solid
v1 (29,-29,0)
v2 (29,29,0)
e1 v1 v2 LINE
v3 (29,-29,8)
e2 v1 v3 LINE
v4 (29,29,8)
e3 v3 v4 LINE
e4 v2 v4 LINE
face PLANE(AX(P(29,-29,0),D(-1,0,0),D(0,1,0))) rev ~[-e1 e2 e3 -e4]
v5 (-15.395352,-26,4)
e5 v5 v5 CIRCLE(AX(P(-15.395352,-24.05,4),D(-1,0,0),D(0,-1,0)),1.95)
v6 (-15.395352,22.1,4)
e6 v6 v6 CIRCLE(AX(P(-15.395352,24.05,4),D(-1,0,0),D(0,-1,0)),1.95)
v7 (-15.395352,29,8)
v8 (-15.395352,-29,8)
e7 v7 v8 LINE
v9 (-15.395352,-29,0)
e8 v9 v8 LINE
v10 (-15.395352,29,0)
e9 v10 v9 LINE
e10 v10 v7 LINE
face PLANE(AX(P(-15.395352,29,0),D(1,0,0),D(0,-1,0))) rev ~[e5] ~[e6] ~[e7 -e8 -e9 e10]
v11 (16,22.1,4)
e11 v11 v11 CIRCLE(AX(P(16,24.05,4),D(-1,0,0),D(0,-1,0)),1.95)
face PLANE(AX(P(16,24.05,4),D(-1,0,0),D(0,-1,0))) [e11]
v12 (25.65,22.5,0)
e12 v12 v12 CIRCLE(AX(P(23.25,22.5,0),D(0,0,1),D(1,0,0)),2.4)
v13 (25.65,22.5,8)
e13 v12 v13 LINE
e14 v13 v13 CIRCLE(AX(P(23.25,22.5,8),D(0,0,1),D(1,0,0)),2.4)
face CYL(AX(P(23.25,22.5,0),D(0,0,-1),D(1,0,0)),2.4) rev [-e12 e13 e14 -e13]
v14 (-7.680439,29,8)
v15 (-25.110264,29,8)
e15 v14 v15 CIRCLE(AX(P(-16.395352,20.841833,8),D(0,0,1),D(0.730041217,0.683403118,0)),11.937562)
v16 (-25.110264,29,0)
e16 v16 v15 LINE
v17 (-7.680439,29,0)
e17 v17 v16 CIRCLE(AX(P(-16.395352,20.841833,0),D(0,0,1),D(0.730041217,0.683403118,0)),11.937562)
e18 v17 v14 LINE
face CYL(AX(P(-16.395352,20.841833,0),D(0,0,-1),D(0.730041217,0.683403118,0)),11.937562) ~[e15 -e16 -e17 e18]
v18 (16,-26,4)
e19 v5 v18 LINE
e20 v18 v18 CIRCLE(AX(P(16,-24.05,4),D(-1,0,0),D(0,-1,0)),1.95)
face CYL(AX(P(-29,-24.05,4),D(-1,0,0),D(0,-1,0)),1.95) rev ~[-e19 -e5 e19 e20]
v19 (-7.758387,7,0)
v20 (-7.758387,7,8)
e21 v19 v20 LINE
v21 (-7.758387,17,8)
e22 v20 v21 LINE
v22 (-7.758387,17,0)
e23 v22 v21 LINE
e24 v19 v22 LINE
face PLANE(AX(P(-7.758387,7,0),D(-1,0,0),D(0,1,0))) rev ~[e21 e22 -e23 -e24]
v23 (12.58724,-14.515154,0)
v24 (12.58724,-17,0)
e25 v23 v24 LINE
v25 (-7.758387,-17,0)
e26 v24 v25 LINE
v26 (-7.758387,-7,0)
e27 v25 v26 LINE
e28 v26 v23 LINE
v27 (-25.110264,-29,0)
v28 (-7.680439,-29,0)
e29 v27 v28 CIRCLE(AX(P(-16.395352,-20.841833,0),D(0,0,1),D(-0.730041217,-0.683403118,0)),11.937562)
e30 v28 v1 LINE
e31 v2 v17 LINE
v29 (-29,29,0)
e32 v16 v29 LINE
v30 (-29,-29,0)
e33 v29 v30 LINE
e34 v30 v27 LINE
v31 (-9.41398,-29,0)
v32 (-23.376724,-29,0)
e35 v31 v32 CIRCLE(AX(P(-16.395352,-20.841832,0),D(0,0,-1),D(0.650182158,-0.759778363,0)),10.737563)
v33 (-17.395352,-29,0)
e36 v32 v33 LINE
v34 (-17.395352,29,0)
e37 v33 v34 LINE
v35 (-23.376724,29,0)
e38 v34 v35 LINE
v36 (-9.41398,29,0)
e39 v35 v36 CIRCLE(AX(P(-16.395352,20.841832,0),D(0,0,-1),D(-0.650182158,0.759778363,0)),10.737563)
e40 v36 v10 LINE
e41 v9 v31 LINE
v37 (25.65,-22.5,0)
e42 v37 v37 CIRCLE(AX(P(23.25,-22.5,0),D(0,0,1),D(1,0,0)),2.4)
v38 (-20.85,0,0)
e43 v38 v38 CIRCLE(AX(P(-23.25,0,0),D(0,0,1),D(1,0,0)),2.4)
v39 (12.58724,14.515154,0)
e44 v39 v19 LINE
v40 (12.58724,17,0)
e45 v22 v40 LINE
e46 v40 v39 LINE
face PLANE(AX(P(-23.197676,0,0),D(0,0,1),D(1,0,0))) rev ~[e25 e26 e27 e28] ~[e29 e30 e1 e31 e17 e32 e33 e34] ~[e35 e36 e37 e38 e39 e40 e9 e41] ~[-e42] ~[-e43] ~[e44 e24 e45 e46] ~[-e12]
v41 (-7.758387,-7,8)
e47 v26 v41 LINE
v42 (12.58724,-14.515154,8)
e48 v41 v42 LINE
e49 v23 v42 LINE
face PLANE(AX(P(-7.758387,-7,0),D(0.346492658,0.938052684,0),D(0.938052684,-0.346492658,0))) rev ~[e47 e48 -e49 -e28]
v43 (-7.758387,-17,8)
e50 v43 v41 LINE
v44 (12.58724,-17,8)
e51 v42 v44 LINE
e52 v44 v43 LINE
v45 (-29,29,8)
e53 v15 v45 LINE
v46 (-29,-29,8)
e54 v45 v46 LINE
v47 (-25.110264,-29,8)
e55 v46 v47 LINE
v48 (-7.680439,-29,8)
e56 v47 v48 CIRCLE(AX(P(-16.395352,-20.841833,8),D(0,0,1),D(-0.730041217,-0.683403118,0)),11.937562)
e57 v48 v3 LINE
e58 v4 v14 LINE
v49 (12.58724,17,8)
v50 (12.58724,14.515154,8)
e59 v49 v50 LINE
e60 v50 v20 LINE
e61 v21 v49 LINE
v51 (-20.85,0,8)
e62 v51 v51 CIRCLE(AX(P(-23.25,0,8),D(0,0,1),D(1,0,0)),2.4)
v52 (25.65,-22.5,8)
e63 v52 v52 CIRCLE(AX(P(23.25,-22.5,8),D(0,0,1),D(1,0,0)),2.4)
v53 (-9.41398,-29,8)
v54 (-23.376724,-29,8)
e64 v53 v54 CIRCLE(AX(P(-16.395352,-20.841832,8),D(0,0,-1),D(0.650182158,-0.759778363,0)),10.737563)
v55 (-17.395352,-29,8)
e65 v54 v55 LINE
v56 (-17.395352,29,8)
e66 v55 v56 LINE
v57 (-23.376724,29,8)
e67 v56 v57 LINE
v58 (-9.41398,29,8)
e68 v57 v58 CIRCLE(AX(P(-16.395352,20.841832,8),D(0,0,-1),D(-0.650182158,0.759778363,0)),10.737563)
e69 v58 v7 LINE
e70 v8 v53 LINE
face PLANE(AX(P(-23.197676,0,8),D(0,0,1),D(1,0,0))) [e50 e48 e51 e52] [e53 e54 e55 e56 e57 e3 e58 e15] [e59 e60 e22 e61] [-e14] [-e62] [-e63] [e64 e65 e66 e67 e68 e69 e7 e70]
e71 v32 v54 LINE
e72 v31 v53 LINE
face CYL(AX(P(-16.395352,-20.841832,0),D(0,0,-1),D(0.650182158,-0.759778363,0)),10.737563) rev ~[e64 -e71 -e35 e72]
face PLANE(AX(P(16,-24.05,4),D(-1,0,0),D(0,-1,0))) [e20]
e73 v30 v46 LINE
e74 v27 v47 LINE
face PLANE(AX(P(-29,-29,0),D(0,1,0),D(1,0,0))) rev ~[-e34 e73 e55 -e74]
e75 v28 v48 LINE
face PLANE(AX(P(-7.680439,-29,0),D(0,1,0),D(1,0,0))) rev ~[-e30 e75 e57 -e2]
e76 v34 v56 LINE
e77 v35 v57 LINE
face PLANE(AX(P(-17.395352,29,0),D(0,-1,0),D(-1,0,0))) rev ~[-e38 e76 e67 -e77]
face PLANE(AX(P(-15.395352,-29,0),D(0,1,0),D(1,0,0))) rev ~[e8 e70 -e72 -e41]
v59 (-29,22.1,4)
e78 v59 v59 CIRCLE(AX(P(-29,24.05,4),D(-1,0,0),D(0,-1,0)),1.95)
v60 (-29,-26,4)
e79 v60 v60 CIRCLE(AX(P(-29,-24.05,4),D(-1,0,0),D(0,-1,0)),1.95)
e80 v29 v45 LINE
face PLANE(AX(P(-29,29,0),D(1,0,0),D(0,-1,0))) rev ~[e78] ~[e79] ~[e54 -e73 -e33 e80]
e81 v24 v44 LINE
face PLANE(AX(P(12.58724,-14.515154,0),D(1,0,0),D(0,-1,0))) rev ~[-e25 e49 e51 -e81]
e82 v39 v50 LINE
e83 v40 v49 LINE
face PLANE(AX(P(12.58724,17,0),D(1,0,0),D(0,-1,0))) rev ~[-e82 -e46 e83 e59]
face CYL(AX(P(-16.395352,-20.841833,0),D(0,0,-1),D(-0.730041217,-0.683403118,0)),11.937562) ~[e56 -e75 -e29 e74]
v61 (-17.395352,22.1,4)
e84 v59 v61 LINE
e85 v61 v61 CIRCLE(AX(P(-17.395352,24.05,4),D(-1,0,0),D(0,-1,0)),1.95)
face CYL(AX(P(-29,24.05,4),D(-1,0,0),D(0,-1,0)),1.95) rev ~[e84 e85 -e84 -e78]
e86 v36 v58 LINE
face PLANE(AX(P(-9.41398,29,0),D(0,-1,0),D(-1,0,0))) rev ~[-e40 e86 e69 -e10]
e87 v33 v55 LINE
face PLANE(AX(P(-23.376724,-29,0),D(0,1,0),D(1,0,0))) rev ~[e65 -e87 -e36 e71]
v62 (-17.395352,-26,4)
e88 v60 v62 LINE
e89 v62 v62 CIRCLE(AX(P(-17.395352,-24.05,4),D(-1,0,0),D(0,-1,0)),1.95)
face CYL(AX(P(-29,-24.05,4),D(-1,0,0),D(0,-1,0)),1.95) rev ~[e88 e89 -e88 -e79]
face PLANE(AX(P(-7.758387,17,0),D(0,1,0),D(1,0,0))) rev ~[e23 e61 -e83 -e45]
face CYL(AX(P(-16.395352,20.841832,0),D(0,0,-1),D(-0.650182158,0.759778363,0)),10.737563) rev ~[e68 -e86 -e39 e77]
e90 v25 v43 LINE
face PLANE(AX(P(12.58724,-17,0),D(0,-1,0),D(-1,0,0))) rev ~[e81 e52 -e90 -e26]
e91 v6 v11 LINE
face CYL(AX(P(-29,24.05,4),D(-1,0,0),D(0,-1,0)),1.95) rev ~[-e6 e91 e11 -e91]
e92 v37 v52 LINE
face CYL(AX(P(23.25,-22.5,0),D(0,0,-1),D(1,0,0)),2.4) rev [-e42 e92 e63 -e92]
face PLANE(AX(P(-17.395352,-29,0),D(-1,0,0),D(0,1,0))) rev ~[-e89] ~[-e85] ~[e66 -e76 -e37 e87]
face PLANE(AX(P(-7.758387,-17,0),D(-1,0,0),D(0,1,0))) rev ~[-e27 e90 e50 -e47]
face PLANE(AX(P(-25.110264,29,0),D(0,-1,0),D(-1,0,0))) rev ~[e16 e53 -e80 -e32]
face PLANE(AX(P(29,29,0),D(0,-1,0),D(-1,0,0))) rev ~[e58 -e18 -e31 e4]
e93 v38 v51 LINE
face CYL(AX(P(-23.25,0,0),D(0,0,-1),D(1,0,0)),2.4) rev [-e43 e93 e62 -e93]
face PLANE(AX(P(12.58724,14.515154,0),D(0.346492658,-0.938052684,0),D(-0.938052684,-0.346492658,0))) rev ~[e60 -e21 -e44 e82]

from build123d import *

# Parameters (mm, degrees)
F0_R     = 2.4
F1_DEPTH = 8
F2_R     = 1.95
F3_DEPTH = 45


with BuildPart() as f1:
    # F0 (on Top) → F1 (new body)
    with BuildSketch(Plane.XY):
        Polygon((-23.376724, 29), (-25.110264, 29), (-29, 29), (-29, -29), (-25.110264, -29), (-23.376724, -29), (-17.395352, -29), (-17.395352, 29), align=None)
        with Locations((-23.25, 0)):
            Circle(F0_R, mode=Mode.SUBTRACT)
        Polygon((29, -29), (29, 29), (-7.680439, 29), (-9.41398, 29), (-15.395352, 29), (-15.395352, -29), (-9.41398, -29), (-7.680439, -29), align=None)
        with Locations((23.25, -22.5)):
            Circle(F0_R, mode=Mode.SUBTRACT)
        Polygon((-7.758387, -7), (12.58724, -14.515154), (12.58724, -17), (-7.758387, -17), align=None, mode=Mode.SUBTRACT)
        Polygon((-7.758387, 7), (-7.758387, 17), (12.58724, 17), (12.58724, 14.515154), align=None, mode=Mode.SUBTRACT)
        with Locations((23.25, 22.5)):
            Circle(F0_R, mode=Mode.SUBTRACT)
        with BuildLine():
            ThreePointArc((-25.110264, -29), (-16.395352, -32.779395), (-7.680439, -29))
            Line((-7.680439, -29), (-9.41398, -29))
            ThreePointArc((-9.41398, -29), (-16.395352, -31.579395), (-23.376724, -29))
            Line((-23.376724, -29), (-25.110264, -29))
        make_face()
        with BuildLine():
            Line((-9.41398, 29), (-7.680439, 29))
            ThreePointArc((-7.680439, 29), (-16.395352, 32.779395), (-25.110264, 29))
            Line((-25.110264, 29), (-23.376724, 29))
            ThreePointArc((-23.376724, 29), (-16.395352, 31.579395), (-9.41398, 29))
        make_face()
    extrude(amount=F1_DEPTH)

    # F2 (on face) → F3 (cut)
    with BuildSketch(Plane(origin=(-29, 0, 0), x_dir=(0, -1, 0), z_dir=(-1, 0, 0))):
        with Locations((24.05, 4)):
            Circle(F2_R)
        with Locations((-24.05, 4)):
            Circle(F2_R)
    extrude(amount=-F3_DEPTH, mode=Mode.SUBTRACT)


solid = f1.part
